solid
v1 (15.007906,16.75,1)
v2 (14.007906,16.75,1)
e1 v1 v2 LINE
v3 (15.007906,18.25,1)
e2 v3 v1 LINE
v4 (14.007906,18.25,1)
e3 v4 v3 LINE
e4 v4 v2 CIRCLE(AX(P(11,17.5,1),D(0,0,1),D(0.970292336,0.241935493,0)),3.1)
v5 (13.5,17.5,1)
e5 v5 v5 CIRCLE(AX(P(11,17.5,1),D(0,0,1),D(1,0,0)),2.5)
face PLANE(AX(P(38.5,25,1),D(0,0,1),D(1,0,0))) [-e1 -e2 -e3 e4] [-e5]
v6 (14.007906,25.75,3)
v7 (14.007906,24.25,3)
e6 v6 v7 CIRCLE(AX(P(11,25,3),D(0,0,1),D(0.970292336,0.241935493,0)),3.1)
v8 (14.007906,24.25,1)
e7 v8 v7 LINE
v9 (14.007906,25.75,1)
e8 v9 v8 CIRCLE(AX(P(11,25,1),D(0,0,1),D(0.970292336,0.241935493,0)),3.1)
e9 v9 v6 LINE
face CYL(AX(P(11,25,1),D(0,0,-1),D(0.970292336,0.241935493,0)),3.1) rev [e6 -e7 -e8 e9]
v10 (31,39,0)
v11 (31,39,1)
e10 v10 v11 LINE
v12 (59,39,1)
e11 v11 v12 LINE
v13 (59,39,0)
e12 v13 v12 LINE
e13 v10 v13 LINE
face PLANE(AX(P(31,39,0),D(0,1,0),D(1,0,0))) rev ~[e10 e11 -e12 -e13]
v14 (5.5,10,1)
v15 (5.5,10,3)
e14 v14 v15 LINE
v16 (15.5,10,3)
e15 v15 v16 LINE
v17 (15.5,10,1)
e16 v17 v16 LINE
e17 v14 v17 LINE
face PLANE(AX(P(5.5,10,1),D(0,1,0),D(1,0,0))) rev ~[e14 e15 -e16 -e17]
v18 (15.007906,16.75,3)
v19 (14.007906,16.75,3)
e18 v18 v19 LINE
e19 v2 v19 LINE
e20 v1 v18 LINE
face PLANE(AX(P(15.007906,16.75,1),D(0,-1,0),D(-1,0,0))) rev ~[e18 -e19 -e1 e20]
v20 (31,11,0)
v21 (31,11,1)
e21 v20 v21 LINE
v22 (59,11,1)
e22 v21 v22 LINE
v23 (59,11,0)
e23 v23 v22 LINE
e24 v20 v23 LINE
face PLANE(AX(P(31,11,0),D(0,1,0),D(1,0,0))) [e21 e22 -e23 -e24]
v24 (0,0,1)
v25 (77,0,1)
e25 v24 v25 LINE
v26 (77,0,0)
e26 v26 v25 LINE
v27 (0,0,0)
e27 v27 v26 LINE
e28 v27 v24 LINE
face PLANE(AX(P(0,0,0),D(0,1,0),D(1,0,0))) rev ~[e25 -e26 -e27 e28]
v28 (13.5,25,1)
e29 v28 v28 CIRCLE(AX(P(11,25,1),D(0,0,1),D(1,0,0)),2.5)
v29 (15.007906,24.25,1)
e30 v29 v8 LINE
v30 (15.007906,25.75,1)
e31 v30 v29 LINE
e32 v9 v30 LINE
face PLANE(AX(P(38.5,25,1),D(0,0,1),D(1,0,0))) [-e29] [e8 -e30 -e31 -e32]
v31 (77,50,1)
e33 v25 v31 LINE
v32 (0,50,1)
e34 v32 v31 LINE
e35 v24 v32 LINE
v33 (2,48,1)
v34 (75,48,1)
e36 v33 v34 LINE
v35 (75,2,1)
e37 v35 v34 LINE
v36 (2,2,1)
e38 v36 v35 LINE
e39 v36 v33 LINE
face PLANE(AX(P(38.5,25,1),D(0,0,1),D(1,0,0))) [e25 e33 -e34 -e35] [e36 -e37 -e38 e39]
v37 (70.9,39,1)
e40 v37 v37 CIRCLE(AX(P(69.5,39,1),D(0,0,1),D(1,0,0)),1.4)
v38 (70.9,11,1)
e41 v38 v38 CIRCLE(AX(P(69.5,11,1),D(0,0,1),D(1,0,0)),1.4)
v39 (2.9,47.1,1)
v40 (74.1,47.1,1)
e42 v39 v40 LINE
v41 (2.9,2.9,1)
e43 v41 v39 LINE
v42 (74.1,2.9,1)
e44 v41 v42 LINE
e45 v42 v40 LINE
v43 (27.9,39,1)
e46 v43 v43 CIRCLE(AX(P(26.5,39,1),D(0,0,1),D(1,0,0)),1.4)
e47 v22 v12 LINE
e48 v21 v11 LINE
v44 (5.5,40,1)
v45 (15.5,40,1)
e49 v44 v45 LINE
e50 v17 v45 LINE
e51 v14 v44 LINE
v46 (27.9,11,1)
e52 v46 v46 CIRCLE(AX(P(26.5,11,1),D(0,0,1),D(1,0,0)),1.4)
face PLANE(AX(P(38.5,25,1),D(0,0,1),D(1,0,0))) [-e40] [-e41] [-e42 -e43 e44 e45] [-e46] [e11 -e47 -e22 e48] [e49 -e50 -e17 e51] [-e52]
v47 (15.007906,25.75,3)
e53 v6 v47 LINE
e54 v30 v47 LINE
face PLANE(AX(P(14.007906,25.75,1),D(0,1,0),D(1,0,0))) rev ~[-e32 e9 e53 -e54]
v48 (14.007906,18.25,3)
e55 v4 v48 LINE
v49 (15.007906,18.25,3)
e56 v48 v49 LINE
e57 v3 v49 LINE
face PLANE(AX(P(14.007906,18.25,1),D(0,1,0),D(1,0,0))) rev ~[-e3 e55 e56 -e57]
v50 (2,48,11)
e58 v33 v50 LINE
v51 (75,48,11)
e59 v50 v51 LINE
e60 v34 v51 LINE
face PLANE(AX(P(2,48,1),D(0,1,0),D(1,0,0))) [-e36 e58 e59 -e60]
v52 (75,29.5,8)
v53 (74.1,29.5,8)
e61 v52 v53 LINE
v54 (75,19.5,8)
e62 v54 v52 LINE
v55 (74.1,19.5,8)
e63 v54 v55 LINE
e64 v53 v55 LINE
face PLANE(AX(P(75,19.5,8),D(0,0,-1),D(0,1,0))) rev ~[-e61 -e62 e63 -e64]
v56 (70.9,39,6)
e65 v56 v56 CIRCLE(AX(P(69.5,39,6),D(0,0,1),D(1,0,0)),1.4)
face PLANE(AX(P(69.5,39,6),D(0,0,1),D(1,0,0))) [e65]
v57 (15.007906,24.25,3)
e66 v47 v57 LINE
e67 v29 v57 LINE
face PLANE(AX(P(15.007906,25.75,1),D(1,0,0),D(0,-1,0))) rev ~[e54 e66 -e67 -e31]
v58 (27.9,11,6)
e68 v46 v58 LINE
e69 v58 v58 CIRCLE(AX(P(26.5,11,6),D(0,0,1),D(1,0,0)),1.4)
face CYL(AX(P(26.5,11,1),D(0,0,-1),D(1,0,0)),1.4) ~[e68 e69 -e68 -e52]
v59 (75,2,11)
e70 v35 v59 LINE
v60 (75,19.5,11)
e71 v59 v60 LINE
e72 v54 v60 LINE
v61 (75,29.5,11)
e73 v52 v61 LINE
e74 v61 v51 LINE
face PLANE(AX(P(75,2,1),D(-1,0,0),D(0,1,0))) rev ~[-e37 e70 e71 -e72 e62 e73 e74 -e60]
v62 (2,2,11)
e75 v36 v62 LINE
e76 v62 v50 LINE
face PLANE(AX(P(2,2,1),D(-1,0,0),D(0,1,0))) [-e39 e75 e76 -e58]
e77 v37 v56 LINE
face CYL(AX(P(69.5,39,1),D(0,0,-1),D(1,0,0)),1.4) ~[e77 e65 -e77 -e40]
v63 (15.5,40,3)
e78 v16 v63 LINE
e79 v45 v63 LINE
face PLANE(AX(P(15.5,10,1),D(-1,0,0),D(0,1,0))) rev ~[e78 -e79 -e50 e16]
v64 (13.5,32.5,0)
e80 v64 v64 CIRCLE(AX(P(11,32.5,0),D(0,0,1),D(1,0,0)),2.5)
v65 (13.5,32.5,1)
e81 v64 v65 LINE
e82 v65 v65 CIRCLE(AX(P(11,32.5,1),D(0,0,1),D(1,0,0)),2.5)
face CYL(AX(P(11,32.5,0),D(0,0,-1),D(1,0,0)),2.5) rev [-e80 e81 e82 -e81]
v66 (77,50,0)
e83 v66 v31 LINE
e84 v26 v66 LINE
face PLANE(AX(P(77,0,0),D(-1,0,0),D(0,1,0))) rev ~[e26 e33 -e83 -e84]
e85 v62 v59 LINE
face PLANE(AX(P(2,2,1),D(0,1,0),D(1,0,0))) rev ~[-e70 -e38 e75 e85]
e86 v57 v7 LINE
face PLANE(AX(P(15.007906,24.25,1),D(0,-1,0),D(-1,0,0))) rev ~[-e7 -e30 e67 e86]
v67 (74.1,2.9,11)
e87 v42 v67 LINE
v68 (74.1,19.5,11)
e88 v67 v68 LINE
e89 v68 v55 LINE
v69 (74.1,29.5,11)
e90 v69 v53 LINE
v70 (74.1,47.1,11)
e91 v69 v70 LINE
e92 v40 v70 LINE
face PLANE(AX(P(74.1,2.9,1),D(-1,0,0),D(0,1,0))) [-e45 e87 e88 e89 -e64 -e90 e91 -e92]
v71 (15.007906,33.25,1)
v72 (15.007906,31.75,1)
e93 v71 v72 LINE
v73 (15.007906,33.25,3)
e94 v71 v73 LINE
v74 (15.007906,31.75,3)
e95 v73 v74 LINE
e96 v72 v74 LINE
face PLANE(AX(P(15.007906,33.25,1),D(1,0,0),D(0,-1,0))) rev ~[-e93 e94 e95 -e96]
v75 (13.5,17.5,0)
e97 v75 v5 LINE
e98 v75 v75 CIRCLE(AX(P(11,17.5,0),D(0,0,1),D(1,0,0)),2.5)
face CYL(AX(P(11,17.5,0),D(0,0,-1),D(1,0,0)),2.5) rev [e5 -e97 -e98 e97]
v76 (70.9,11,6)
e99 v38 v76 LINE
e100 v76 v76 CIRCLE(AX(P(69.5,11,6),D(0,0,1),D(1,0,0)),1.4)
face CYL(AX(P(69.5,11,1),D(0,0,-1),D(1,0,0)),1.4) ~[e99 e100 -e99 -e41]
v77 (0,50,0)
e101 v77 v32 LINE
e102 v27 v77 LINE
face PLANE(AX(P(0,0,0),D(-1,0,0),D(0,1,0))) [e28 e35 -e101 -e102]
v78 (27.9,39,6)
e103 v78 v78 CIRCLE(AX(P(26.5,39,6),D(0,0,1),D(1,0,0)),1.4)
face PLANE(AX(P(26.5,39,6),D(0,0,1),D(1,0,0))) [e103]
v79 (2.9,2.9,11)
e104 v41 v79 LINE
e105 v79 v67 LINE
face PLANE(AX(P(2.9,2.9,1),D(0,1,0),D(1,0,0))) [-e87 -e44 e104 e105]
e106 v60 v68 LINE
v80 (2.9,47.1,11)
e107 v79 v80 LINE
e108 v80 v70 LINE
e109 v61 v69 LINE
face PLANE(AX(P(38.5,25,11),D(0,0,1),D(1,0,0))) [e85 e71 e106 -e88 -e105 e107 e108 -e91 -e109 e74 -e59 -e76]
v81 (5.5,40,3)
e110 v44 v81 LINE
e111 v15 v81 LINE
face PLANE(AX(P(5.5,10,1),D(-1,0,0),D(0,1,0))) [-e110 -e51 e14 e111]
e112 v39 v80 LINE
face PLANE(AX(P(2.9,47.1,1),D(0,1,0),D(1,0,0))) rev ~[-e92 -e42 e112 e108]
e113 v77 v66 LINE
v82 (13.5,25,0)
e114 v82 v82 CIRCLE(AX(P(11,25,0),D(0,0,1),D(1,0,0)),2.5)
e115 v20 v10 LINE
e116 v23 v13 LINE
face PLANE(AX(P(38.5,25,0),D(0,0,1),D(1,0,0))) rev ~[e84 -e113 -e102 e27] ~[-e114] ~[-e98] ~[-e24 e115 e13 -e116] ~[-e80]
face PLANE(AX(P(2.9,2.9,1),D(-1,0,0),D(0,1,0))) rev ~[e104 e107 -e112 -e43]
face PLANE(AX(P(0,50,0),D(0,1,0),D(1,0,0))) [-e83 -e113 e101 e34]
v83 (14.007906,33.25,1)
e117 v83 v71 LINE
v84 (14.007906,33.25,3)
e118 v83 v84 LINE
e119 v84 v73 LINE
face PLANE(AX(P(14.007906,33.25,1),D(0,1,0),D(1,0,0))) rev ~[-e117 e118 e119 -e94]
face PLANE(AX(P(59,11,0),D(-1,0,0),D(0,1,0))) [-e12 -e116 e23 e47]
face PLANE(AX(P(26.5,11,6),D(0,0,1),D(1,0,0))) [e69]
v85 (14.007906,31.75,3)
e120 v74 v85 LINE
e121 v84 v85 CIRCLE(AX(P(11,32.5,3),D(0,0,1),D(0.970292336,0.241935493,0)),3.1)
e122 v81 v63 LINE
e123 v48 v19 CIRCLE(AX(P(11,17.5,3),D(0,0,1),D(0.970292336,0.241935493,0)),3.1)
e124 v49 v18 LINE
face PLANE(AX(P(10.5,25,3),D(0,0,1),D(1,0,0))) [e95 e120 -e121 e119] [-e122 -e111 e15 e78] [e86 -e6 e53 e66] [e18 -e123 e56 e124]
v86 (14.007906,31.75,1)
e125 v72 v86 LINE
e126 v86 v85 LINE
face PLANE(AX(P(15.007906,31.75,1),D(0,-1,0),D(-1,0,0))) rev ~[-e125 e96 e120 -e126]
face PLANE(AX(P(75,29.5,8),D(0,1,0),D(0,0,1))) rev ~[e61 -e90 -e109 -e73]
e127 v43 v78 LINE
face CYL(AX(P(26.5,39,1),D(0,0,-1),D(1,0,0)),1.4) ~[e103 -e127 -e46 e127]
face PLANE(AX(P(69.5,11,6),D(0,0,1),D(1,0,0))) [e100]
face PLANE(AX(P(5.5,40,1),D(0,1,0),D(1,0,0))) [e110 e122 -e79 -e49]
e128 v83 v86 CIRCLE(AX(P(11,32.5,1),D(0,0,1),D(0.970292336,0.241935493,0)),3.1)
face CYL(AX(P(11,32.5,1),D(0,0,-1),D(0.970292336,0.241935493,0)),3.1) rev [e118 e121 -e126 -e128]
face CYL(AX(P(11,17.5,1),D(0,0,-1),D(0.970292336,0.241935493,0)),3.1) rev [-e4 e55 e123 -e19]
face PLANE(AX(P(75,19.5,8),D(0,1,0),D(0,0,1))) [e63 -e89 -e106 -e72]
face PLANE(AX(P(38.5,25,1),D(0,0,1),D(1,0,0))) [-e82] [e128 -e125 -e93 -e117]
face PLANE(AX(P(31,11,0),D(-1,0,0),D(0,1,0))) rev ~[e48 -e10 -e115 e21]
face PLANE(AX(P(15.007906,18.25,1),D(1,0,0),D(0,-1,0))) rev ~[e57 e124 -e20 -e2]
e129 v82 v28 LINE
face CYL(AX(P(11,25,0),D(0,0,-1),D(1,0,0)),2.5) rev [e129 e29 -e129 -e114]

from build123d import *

# Parameters (mm, degrees)
SKETCH028_W     = 77
SKETCH028_H     = 50
SKETCH028_R     = 2.5
SKETCH028_W_2   = 28
SKETCH028_H_2   = 28
PAD018_DEPTH    = 1
SKETCH029_R     = 1.4
PAD019_DEPTH    = 5
SKETCH030_W     = 73
SKETCH030_H     = 46
SKETCH030_W_2   = 71.2
SKETCH030_H_2   = 44.2
PAD020_DEPTH    = 10
SKETCH031_W     = 10
SKETCH031_H     = 3
POCKET004_DEPTH = 5
SKETCH032_W     = 10
SKETCH032_H     = 30
PAD021_DEPTH    = 2


with BuildPart() as part:
    # Sketch028 → Pad018 (new body)
    with BuildSketch(Plane.XY):
        with Locations((38.5, 25)):
            Rectangle(SKETCH028_W, SKETCH028_H)
        with Locations((11, 32.5)):
            Circle(SKETCH028_R, mode=Mode.SUBTRACT)
        with Locations((11, 25)):
            Circle(SKETCH028_R, mode=Mode.SUBTRACT)
        with Locations((11, 17.5)):
            Circle(SKETCH028_R, mode=Mode.SUBTRACT)
        with Locations((45, 25)):
            Rectangle(SKETCH028_W_2, SKETCH028_H_2, mode=Mode.SUBTRACT)
    extrude(amount=PAD018_DEPTH)

    # Sketch029 → Pad019 (join)
    with BuildSketch(Plane.XY.offset(1)):
        with Locations((26.5, 39)):
            Circle(SKETCH029_R)
        with Locations((69.5, 39)):
            Circle(SKETCH029_R)
        with Locations((69.5, 11)):
            Circle(SKETCH029_R)
        with Locations((26.5, 11)):
            Circle(SKETCH029_R)
    extrude(amount=PAD019_DEPTH)

    # Sketch030 → Pad020 (join)
    with BuildSketch(Plane.XY.offset(1)):
        with Locations((38.5, 25)):
            Rectangle(SKETCH030_W, SKETCH030_H)
        with Locations((38.5, 25)):
            Rectangle(SKETCH030_W_2, SKETCH030_H_2, mode=Mode.SUBTRACT)
    extrude(amount=PAD020_DEPTH)

    # Sketch031 (on Face16 of Pad020) → Pocket004 (cut)
    with BuildSketch(Plane.YZ.offset(75)):
        with Locations((24.5, 9.5)):
            Rectangle(SKETCH031_W, SKETCH031_H)
    extrude(amount=-POCKET004_DEPTH, mode=Mode.SUBTRACT)

    # Sketch032 (on Face18 of Pocket004) → Pad021 (join)
    with BuildSketch(Plane.XY.offset(1)):
        with Locations((10.5, 25)):
            Rectangle(SKETCH032_W, SKETCH032_H)
        with BuildLine():
            ThreePointArc((14.007906, 33.25), (7.9, 32.5), (14.007906, 31.75))
            Line((15.007906, 31.75), (14.007906, 31.75))
            Line((15.007906, 33.25), (15.007906, 31.75))
            Line((14.007906, 33.25), (15.007906, 33.25))
        make_face(mode=Mode.SUBTRACT)
        with BuildLine():
            ThreePointArc((14.007906, 25.75), (7.9, 25), (14.007906, 24.25))
            Line((15.007906, 24.25), (14.007906, 24.25))
            Line((15.007906, 25.75), (15.007906, 24.25))
            Line((14.007906, 25.75), (15.007906, 25.75))
        make_face(mode=Mode.SUBTRACT)
        with BuildLine():
            ThreePointArc((14.007906, 18.25), (7.9, 17.5), (14.007906, 16.75))
            Line((15.007906, 16.75), (14.007906, 16.75))
            Line((15.007906, 18.25), (15.007906, 16.75))
            Line((14.007906, 18.25), (15.007906, 18.25))
        make_face(mode=Mode.SUBTRACT)
    extrude(amount=PAD021_DEPTH)


solid = part.part
